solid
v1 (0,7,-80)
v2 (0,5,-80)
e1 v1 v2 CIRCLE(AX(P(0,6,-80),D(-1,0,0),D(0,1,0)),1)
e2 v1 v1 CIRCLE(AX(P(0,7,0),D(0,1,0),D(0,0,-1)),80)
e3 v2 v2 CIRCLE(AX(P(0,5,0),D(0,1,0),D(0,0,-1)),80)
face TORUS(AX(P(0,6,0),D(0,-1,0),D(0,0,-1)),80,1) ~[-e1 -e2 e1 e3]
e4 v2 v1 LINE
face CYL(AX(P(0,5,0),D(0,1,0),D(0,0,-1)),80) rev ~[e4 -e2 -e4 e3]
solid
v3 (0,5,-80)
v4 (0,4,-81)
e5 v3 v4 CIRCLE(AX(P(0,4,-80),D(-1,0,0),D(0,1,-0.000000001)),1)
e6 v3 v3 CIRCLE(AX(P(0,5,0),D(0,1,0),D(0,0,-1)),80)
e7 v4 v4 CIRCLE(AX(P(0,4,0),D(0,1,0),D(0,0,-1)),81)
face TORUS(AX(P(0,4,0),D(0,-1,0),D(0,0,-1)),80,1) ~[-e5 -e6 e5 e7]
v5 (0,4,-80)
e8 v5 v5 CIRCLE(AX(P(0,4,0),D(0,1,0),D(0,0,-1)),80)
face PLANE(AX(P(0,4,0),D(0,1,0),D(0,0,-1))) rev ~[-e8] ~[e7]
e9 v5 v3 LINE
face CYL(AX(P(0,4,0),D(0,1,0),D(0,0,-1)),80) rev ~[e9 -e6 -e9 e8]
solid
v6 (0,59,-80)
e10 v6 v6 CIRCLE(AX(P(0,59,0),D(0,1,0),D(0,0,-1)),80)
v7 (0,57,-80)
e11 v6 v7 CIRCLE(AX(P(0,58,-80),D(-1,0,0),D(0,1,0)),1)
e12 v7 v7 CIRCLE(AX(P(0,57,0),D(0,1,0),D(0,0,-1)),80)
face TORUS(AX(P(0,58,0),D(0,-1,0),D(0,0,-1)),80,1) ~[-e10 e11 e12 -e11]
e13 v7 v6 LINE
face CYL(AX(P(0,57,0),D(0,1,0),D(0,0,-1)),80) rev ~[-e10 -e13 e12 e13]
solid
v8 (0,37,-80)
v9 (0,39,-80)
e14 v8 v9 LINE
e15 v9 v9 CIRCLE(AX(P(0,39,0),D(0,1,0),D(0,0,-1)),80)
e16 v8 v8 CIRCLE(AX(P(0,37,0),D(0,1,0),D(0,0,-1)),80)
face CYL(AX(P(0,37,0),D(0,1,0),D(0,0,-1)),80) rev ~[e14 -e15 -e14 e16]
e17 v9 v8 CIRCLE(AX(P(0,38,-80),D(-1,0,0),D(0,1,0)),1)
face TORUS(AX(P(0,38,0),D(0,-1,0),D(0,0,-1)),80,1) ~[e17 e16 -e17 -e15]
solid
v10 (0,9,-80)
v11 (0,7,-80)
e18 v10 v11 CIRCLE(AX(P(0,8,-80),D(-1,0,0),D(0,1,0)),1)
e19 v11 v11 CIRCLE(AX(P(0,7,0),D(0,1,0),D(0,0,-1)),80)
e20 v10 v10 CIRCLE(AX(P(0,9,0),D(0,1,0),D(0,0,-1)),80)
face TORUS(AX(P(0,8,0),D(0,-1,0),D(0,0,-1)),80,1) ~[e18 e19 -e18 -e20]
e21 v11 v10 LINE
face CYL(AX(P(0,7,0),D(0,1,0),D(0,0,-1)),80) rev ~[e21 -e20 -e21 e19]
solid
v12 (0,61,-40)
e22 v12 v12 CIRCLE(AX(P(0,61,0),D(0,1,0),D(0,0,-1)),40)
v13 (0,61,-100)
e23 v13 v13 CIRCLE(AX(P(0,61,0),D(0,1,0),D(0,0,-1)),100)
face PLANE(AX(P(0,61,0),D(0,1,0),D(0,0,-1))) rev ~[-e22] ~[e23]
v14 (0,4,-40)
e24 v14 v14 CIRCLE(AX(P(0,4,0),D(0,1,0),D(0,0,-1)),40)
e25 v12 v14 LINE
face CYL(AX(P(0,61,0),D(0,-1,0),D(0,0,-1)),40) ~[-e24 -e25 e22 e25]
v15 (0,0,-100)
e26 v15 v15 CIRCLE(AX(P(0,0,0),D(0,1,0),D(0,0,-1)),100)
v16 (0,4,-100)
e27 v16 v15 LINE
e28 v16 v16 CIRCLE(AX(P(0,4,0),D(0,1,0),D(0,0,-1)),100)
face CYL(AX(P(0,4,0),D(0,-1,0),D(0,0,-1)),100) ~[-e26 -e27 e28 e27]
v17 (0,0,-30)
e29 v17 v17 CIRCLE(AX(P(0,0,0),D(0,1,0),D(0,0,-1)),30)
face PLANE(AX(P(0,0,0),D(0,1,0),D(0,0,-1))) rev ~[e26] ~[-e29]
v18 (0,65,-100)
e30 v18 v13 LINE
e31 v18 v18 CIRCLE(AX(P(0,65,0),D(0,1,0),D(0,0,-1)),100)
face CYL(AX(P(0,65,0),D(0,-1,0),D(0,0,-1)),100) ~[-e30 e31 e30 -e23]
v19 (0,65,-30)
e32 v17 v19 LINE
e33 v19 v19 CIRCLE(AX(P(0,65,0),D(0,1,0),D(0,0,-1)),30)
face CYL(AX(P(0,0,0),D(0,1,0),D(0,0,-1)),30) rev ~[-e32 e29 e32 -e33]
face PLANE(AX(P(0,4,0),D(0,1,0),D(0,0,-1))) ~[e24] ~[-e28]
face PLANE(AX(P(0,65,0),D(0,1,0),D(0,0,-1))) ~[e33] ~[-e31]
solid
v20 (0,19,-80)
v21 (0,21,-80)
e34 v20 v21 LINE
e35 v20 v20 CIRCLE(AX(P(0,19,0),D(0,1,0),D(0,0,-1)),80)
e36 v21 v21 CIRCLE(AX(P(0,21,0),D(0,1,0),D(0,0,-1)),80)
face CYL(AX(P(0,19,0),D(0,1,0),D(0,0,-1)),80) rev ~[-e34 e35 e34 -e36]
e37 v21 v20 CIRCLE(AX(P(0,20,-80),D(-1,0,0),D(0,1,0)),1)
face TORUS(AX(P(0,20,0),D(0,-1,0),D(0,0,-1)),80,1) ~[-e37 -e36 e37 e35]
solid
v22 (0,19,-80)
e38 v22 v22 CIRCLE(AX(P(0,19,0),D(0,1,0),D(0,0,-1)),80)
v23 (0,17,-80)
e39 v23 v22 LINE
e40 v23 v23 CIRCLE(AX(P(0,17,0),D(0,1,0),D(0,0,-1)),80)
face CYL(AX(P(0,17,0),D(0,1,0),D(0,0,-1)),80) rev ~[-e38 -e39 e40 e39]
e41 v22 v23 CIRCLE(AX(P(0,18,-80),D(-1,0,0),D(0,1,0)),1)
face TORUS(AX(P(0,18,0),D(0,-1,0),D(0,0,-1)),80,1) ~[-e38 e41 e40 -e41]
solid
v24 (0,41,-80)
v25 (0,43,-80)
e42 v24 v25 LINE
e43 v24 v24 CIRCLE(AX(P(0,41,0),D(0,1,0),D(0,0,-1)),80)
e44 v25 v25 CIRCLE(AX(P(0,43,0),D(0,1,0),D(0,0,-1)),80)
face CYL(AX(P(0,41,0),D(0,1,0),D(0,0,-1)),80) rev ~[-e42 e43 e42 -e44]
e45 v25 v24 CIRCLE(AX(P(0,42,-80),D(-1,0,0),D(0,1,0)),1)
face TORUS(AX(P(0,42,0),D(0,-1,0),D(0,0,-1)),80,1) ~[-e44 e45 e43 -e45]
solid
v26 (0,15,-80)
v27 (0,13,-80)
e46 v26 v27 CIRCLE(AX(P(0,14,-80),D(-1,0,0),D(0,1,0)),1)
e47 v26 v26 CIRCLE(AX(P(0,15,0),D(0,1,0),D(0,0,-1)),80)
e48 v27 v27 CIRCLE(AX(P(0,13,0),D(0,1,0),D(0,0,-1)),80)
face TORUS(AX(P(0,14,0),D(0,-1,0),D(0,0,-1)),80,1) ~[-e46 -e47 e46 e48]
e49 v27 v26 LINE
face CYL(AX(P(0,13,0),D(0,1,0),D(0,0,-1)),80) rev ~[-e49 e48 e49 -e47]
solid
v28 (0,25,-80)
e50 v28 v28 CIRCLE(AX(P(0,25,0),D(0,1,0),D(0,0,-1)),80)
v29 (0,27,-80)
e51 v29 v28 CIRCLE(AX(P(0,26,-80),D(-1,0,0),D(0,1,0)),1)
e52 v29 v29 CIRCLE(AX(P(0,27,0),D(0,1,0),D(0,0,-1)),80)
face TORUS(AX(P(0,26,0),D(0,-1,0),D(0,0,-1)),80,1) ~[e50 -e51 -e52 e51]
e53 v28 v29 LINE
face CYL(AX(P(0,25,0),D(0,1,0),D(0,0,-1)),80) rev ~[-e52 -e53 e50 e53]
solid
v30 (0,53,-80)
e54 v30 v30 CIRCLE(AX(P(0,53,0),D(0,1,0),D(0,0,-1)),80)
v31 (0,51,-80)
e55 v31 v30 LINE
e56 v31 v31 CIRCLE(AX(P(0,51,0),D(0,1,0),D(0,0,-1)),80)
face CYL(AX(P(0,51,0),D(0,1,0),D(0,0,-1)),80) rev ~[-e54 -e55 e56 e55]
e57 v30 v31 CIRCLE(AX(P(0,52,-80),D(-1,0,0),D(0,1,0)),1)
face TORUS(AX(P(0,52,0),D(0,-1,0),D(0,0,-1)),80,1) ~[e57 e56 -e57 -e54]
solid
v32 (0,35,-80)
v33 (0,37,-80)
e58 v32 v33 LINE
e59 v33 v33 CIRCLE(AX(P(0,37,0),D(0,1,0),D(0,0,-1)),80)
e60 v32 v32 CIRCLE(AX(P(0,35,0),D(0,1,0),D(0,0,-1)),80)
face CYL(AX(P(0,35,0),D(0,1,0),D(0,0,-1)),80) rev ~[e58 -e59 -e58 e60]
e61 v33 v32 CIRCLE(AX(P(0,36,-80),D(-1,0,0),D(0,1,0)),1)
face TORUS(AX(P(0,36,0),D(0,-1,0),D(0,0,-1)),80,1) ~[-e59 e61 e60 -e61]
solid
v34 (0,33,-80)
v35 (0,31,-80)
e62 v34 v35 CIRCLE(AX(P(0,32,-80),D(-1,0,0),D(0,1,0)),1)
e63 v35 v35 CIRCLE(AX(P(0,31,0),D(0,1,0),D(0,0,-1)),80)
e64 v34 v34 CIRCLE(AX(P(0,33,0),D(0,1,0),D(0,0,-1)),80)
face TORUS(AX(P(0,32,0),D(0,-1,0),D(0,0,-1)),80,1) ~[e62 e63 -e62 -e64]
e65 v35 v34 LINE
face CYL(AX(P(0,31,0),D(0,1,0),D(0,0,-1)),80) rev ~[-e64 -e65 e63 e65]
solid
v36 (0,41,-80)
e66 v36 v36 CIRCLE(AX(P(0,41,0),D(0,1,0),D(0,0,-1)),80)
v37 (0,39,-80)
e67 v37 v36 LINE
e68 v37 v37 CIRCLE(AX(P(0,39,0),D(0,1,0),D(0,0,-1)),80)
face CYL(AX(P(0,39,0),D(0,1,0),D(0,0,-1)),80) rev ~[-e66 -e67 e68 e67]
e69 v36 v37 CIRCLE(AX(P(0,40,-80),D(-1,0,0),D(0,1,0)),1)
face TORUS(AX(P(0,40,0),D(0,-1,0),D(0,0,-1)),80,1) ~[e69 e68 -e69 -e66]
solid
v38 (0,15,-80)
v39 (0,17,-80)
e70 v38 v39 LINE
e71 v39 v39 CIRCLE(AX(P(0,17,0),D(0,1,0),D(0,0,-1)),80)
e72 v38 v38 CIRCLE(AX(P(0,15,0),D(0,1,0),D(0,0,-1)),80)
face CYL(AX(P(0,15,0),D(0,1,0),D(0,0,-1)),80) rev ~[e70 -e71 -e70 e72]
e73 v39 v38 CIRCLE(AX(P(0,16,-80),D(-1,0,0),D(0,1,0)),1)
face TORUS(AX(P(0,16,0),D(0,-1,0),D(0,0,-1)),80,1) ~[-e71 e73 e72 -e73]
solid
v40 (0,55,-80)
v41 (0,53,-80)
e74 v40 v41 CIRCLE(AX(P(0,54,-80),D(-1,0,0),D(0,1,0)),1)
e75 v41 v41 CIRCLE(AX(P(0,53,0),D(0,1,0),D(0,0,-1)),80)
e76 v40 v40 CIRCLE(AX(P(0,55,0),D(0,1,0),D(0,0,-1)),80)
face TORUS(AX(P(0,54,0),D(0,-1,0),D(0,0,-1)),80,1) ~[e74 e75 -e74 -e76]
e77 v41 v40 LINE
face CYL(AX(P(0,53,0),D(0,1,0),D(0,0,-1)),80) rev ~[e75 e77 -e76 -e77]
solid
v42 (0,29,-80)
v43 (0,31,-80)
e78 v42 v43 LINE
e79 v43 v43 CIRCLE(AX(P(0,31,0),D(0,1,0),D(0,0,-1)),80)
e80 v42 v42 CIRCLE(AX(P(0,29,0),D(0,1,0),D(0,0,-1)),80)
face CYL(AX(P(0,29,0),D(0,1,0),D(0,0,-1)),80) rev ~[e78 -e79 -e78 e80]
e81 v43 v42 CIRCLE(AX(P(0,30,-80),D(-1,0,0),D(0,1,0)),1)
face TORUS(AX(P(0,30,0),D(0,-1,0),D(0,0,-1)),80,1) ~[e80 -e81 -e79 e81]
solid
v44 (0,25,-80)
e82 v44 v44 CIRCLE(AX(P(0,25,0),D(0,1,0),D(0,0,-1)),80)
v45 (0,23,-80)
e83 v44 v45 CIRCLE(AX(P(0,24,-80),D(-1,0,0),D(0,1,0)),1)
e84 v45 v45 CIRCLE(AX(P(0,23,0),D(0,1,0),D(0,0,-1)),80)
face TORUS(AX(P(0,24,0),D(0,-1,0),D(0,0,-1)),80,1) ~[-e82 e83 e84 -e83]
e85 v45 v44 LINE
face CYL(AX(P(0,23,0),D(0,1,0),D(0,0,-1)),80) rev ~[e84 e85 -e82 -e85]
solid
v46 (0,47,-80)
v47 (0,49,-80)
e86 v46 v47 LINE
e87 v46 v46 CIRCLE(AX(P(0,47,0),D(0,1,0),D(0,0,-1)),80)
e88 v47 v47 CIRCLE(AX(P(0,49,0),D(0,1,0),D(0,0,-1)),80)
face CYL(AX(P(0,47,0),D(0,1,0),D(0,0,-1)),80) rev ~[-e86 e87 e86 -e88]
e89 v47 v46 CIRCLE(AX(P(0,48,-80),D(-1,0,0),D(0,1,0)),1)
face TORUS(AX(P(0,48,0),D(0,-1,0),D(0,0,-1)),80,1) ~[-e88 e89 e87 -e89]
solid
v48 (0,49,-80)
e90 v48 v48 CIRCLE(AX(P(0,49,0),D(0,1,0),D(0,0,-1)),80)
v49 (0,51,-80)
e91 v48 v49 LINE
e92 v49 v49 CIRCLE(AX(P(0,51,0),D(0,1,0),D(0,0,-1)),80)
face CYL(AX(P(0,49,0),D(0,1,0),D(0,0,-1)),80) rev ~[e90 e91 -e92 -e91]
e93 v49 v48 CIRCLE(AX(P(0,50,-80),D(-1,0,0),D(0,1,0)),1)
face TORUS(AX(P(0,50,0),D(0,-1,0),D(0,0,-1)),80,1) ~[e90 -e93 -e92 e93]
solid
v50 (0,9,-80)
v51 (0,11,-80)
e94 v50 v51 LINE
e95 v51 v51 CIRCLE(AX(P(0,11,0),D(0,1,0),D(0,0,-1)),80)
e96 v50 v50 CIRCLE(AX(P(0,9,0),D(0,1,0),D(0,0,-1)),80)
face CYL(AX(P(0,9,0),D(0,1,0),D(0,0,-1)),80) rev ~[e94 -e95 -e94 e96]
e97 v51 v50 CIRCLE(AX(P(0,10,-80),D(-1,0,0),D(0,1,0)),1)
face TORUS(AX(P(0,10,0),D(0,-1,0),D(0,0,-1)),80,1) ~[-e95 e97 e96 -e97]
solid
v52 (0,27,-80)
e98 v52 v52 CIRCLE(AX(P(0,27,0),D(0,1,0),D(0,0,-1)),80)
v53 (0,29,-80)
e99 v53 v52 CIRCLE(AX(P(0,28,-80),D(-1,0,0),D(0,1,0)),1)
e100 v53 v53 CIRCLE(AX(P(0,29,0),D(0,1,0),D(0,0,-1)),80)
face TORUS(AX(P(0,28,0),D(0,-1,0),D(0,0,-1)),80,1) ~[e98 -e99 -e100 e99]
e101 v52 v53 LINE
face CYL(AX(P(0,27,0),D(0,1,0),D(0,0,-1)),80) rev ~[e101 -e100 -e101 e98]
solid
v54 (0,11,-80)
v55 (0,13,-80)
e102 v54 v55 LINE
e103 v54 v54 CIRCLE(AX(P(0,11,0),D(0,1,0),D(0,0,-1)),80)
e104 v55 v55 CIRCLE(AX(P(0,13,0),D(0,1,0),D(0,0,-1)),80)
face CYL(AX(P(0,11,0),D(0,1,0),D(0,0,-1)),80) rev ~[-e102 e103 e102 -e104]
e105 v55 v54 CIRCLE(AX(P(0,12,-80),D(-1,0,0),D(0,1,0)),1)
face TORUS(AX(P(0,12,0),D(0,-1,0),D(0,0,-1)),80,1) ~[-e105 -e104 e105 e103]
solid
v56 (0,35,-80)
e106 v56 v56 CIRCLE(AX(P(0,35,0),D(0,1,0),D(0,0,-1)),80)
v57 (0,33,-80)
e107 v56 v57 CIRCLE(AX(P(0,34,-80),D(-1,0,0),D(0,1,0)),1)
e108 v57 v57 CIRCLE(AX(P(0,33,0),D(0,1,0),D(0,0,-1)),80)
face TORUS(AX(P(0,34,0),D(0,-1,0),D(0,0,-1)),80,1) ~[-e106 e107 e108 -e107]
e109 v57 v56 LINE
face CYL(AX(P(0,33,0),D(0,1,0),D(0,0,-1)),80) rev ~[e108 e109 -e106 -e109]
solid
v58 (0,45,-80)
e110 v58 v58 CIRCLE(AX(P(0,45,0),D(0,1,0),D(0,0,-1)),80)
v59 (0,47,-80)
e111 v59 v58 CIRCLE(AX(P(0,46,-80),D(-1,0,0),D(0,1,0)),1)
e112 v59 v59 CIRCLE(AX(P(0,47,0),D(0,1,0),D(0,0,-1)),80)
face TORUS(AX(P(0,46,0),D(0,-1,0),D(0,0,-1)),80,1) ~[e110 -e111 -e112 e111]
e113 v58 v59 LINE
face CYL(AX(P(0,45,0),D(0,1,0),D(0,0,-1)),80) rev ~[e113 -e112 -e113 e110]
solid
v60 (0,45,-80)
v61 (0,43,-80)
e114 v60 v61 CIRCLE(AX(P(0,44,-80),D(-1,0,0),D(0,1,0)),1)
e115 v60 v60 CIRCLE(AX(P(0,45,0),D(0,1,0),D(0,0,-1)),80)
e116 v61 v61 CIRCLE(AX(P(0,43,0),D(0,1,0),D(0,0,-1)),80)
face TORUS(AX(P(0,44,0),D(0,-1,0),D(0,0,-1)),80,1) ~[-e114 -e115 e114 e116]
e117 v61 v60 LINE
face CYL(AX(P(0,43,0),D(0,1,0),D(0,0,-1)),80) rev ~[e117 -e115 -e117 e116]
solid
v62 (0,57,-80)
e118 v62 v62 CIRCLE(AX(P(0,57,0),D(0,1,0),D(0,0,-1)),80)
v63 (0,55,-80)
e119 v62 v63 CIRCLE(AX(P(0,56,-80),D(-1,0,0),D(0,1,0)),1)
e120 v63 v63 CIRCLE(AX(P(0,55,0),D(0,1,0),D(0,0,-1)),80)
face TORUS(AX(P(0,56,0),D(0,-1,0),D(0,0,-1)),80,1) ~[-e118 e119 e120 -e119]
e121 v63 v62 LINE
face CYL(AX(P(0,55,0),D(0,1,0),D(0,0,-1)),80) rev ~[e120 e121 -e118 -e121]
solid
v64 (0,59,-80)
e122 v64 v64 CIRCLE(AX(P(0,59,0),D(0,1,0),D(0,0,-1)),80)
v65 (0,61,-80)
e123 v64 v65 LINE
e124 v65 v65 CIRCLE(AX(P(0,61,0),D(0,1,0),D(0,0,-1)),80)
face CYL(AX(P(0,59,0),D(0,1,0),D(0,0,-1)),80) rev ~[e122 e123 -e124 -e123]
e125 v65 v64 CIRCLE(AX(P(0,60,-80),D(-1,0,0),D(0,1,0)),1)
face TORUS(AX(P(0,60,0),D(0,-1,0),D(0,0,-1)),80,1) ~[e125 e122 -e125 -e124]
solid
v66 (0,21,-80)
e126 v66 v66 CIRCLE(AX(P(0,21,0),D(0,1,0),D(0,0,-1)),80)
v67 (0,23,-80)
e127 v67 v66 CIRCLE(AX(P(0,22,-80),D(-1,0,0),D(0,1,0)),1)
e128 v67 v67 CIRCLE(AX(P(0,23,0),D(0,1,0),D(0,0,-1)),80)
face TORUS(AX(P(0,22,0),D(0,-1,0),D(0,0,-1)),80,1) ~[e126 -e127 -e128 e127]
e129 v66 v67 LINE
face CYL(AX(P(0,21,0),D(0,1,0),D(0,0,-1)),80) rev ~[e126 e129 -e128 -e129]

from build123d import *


with BuildPart() as part:
    # Sketch1 → Revolve1 (revolve)
    with BuildSketch(Plane.XY, mode=Mode.PRIVATE) as revolve1_sk:
        Polygon((30, 65), (100, 65), (100, 61), (40, 61), (40, 4), (100, 4), (100, 0), (30, 0), align=None)
    revolve(revolve1_sk.sketch.rotate(Axis((0, 0, 0), (0, 1, 0)), 90), axis=Axis((0, 0, 0), (0, 1, 0)))


with BuildPart() as body_2:
    # Sketch2 → Revolve2 (revolve)
    with BuildSketch(Plane.XY, mode=Mode.PRIVATE) as revolve2_sk:
        with BuildLine():
            Line((-80, 51), (-80, 53))
            ThreePointArc((-80, 53), (-81, 52), (-80, 51))
        make_face()
        with BuildLine():
            Line((-80, 53), (-80, 55))
            ThreePointArc((-80, 55), (-81, 54), (-80, 53))
        make_face()
        with BuildLine():
            Line((-80, 55), (-80, 57))
            ThreePointArc((-80, 57), (-81, 56), (-80, 55))
        make_face()
        with BuildLine():
            Line((-80, 57), (-80, 59))
            ThreePointArc((-80, 59), (-81, 58), (-80, 57))
        make_face()
        with BuildLine():
            Line((-80, 59), (-80, 61))
            ThreePointArc((-80, 61), (-81, 60), (-80, 59))
        make_face()
        with BuildLine():
            Line((-80, 47), (-80, 49))
            ThreePointArc((-80, 49), (-81, 48), (-80, 47))
        make_face()
        with BuildLine():
            Line((-80, 49), (-80, 51))
            ThreePointArc((-80, 51), (-81, 50), (-80, 49))
        make_face()
        with BuildLine():
            Line((-80, 45), (-80, 47))
            ThreePointArc((-80, 47), (-81, 46), (-80, 45))
        make_face()
        with BuildLine():
            Line((-80, 43), (-80, 45))
            ThreePointArc((-80, 45), (-81, 44), (-80, 43))
        make_face()
        with BuildLine():
            Line((-80, 41), (-80, 43))
            ThreePointArc((-80, 43), (-81, 42), (-80, 41))
        make_face()
        with BuildLine():
            Line((-80, 39), (-80, 41))
            ThreePointArc((-80, 41), (-81, 40), (-80, 39))
        make_face()
        with BuildLine():
            Line((-80, 37), (-80, 39))
            ThreePointArc((-80, 39), (-81, 38), (-80, 37))
        make_face()
        with BuildLine():
            Line((-80, 35), (-80, 37))
            ThreePointArc((-80, 37), (-81, 36), (-80, 35))
        make_face()
        with BuildLine():
            Line((-80, 33), (-80, 35))
            ThreePointArc((-80, 35), (-81, 34), (-80, 33))
        make_face()
        with BuildLine():
            Line((-80, 31), (-80, 33))
            ThreePointArc((-80, 33), (-81, 32), (-80, 31))
        make_face()
        with BuildLine():
            Line((-80, 27), (-80, 29))
            ThreePointArc((-80, 29), (-81, 28), (-80, 27))
        make_face()
        with BuildLine():
            Line((-80, 29), (-80, 31))
            ThreePointArc((-80, 31), (-81, 30), (-80, 29))
        make_face()
        with BuildLine():
            Line((-80, 25), (-80, 27))
            ThreePointArc((-80, 27), (-81, 26), (-80, 25))
        make_face()
        with BuildLine():
            Line((-80, 23), (-80, 25))
            ThreePointArc((-80, 25), (-81, 24), (-80, 23))
        make_face()
        with BuildLine():
            Line((-80, 21), (-80, 23))
            ThreePointArc((-80, 23), (-81, 22), (-80, 21))
        make_face()
        with BuildLine():
            Line((-80, 19), (-80, 21))
            ThreePointArc((-80, 21), (-81, 20), (-80, 19))
        make_face()
        with BuildLine():
            Line((-80, 17), (-80, 19))
            ThreePointArc((-80, 19), (-81, 18), (-80, 17))
        make_face()
        with BuildLine():
            Line((-80, 15), (-80, 17))
            ThreePointArc((-80, 17), (-81, 16), (-80, 15))
        make_face()
        with BuildLine():
            Line((-80, 13), (-80, 15))
            ThreePointArc((-80, 15), (-81, 14), (-80, 13))
        make_face()
        with BuildLine():
            Line((-80, 11), (-80, 13))
            ThreePointArc((-80, 13), (-81, 12), (-80, 11))
        make_face()
        with BuildLine():
            Line((-80, 9), (-80, 11))
            ThreePointArc((-80, 11), (-81, 10), (-80, 9))
        make_face()
        with BuildLine():
            Line((-80, 7), (-80, 9))
            ThreePointArc((-80, 9), (-81, 8), (-80, 7))
        make_face()
        with BuildLine():
            Line((-80, 5), (-80, 7))
            ThreePointArc((-80, 7), (-81, 6), (-80, 5))
        make_face()
        with BuildLine():
            Line((-80, 4), (-80, 5))
            ThreePointArc((-80, 5), (-80.707106781, 4.707106781), (-81, 4))
            Line((-81, 4), (-80, 4))
        make_face()
    revolve(revolve2_sk.sketch.rotate(Axis((0, 0, 0), (0, 1, 0)), 270), axis=Axis((0, 0, 0), (0, 1, 0)))


solid = Compound([part.part, body_2.part])
